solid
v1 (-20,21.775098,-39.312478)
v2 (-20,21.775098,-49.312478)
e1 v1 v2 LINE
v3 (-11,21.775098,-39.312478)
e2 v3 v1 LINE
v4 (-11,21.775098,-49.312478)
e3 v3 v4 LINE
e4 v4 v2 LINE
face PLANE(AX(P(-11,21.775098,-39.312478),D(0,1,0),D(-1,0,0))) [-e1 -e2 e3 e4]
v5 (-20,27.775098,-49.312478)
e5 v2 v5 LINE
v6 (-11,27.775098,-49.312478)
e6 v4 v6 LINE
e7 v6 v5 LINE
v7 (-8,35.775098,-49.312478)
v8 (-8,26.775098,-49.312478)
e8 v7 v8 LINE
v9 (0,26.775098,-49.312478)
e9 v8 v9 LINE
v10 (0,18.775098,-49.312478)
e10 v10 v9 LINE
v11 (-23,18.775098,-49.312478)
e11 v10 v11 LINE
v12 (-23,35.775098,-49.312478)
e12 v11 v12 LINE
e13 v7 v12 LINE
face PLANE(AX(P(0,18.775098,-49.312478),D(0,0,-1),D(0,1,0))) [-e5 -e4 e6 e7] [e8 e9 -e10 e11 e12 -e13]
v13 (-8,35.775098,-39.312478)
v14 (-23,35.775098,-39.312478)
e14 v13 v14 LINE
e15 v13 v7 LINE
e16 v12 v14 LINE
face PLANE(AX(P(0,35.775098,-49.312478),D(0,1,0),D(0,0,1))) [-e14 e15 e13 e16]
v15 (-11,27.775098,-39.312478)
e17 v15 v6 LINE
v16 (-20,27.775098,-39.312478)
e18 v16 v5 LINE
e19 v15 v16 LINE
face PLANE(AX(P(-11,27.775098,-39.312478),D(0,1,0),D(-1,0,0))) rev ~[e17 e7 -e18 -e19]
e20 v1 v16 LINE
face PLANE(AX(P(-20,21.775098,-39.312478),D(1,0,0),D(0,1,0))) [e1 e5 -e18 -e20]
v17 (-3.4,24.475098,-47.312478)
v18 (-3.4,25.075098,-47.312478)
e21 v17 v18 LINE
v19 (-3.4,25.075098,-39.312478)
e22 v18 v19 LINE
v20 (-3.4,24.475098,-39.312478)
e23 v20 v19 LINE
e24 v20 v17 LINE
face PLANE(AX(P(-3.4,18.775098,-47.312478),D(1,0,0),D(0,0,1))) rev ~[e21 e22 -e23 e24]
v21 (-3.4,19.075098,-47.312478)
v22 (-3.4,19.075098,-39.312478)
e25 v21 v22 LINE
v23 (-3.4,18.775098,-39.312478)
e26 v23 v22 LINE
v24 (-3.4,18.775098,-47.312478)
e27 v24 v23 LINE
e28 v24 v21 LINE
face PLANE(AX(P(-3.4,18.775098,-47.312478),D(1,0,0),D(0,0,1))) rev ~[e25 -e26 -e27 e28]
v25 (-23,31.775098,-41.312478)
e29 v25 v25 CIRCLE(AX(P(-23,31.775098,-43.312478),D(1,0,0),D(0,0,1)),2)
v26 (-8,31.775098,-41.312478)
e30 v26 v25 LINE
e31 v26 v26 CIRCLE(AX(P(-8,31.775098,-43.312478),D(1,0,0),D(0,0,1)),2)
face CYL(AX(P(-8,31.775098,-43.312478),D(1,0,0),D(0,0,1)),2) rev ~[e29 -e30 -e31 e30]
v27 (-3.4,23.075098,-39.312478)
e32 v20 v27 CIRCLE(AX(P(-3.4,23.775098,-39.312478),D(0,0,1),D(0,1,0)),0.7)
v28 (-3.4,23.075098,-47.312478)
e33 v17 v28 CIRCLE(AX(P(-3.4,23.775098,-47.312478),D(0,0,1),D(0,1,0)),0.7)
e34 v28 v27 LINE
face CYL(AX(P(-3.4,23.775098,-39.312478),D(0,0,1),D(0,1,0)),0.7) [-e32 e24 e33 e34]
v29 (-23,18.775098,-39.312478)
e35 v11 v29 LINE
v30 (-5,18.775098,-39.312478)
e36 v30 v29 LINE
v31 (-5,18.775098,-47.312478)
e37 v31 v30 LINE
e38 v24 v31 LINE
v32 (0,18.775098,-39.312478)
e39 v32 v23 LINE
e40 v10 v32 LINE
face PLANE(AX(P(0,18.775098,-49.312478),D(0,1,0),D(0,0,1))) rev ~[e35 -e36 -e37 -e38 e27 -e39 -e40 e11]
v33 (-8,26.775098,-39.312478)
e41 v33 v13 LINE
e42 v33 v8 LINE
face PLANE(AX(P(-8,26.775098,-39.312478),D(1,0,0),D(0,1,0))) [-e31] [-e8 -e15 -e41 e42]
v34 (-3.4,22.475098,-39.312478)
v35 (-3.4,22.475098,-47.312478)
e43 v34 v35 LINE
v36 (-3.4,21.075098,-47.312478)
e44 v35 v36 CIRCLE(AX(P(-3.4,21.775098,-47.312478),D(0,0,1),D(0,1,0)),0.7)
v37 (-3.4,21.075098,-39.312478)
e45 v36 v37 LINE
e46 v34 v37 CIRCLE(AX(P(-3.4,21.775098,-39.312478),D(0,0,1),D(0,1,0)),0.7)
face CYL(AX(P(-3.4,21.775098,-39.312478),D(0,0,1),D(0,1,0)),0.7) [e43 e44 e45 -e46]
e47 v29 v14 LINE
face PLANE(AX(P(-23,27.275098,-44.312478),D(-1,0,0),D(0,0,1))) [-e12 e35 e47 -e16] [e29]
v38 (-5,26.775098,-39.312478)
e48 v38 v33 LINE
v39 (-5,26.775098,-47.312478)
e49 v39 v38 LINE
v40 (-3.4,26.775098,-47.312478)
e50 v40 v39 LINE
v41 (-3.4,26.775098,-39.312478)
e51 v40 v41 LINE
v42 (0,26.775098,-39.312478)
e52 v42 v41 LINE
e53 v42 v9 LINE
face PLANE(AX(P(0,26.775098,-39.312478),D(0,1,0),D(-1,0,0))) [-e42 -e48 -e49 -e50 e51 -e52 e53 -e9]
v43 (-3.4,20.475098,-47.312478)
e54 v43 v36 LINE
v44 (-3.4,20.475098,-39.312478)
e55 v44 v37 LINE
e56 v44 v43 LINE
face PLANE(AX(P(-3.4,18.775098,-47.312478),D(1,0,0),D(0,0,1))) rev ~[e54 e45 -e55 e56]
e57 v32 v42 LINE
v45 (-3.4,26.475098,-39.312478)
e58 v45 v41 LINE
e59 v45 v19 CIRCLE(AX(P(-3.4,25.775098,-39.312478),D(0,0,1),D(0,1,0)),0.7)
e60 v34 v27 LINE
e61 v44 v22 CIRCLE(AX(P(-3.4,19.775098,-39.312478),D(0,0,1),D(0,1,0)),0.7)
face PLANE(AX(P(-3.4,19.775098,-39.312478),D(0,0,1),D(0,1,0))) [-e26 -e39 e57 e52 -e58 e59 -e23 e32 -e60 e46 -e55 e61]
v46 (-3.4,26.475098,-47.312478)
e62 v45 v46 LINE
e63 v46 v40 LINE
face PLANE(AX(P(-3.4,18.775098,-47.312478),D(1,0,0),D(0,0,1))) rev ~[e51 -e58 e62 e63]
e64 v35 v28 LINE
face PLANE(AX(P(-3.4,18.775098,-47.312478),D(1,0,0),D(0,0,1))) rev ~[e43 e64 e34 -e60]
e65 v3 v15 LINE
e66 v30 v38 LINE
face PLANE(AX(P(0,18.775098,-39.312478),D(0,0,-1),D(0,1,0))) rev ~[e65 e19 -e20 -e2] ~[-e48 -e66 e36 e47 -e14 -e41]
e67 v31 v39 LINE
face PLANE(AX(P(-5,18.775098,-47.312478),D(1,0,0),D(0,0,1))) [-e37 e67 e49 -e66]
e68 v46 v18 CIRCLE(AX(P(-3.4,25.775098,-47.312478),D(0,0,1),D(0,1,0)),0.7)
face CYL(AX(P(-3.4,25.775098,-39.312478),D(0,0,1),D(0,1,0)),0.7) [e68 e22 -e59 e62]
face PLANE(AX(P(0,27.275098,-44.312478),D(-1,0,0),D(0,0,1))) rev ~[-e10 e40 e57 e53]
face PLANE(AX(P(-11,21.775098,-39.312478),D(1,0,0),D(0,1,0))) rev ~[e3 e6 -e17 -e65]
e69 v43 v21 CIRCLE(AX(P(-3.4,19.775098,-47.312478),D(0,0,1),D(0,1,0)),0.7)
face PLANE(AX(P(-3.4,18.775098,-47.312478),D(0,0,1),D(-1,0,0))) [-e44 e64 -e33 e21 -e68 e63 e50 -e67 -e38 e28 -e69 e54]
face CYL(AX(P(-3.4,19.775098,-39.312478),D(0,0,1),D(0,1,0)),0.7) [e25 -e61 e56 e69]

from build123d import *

# Parameters (mm, degrees)
SKETCH_W        = 10
SKETCH_H        = 17
PAD_DEPTH       = 23
SKETCH001_W     = 9
SKETCH001_H     = 8
POCKET_DEPTH    = 20
SKETCH002_R     = 2
POCKET001_DEPTH = 30
SKETCH003_W     = 8
SKETCH003_H     = 1.6
POCKET002_DEPTH = 8
SKETCH004_R     = 0.7
PAD001_DEPTH    = 8
SKETCH005_W     = 6
SKETCH005_H     = 9
POCKET003_DEPTH = 10


with BuildPart() as part:
    # Sketch → Pad (new body)
    with BuildSketch(Plane.ZY):
        with Locations((-44.312478, 27.275098)):
            Rectangle(SKETCH_W, SKETCH_H)
    extrude(amount=PAD_DEPTH)

    # Sketch001 → Pocket (cut)
    with BuildSketch(Plane(origin=(0, 0, -39.312478), x_dir=(0, 1, 0), z_dir=(0, 0, 1))):
        with Locations((31.275098, 4)):
            Rectangle(SKETCH001_W, SKETCH001_H)
    extrude(amount=-POCKET_DEPTH, mode=Mode.SUBTRACT)

    # Sketch002 → Pocket001 (cut)
    with BuildSketch(Plane(origin=(-8, 0, 0), x_dir=(0, 0, 1), z_dir=(1, 0, 0))):
        with Locations((-43.312478, -31.775098)):
            Circle(SKETCH002_R)
    extrude(amount=-POCKET001_DEPTH, mode=Mode.SUBTRACT)

    # Sketch003 → Pocket002 (cut)
    with BuildSketch(Plane(origin=(0, 18.775098, 0), x_dir=(0, 0, 1), z_dir=(0, -1, 0))):
        with Locations((-43.312478, 4.2)):
            Rectangle(SKETCH003_W, SKETCH003_H)
    extrude(amount=-POCKET002_DEPTH, mode=Mode.SUBTRACT)

    # Sketch004 → Pad001 (new body)
    with BuildSketch(Plane(origin=(0, 0, -39.312478), x_dir=(0, 1, 0), z_dir=(0, 0, 1))):
        with Locations((19.775098, 3.4)):
            Circle(SKETCH004_R)
        with Locations((21.775098, 3.4)):
            Circle(SKETCH004_R)
        with Locations((23.775098, 3.4)):
            Circle(SKETCH004_R)
        with Locations((25.775098, 3.4)):
            Circle(SKETCH004_R)
    extrude(amount=-PAD001_DEPTH)

    # Sketch005 → Pocket003 (cut)
    with BuildSketch(Plane(origin=(0, 0, -39.312478), x_dir=(0, 1, 0), z_dir=(0, 0, 1))):
        with Locations((24.775098, 15.5)):
            Rectangle(SKETCH005_W, SKETCH005_H)
    extrude(amount=-POCKET003_DEPTH, mode=Mode.SUBTRACT)


solid = part.part
